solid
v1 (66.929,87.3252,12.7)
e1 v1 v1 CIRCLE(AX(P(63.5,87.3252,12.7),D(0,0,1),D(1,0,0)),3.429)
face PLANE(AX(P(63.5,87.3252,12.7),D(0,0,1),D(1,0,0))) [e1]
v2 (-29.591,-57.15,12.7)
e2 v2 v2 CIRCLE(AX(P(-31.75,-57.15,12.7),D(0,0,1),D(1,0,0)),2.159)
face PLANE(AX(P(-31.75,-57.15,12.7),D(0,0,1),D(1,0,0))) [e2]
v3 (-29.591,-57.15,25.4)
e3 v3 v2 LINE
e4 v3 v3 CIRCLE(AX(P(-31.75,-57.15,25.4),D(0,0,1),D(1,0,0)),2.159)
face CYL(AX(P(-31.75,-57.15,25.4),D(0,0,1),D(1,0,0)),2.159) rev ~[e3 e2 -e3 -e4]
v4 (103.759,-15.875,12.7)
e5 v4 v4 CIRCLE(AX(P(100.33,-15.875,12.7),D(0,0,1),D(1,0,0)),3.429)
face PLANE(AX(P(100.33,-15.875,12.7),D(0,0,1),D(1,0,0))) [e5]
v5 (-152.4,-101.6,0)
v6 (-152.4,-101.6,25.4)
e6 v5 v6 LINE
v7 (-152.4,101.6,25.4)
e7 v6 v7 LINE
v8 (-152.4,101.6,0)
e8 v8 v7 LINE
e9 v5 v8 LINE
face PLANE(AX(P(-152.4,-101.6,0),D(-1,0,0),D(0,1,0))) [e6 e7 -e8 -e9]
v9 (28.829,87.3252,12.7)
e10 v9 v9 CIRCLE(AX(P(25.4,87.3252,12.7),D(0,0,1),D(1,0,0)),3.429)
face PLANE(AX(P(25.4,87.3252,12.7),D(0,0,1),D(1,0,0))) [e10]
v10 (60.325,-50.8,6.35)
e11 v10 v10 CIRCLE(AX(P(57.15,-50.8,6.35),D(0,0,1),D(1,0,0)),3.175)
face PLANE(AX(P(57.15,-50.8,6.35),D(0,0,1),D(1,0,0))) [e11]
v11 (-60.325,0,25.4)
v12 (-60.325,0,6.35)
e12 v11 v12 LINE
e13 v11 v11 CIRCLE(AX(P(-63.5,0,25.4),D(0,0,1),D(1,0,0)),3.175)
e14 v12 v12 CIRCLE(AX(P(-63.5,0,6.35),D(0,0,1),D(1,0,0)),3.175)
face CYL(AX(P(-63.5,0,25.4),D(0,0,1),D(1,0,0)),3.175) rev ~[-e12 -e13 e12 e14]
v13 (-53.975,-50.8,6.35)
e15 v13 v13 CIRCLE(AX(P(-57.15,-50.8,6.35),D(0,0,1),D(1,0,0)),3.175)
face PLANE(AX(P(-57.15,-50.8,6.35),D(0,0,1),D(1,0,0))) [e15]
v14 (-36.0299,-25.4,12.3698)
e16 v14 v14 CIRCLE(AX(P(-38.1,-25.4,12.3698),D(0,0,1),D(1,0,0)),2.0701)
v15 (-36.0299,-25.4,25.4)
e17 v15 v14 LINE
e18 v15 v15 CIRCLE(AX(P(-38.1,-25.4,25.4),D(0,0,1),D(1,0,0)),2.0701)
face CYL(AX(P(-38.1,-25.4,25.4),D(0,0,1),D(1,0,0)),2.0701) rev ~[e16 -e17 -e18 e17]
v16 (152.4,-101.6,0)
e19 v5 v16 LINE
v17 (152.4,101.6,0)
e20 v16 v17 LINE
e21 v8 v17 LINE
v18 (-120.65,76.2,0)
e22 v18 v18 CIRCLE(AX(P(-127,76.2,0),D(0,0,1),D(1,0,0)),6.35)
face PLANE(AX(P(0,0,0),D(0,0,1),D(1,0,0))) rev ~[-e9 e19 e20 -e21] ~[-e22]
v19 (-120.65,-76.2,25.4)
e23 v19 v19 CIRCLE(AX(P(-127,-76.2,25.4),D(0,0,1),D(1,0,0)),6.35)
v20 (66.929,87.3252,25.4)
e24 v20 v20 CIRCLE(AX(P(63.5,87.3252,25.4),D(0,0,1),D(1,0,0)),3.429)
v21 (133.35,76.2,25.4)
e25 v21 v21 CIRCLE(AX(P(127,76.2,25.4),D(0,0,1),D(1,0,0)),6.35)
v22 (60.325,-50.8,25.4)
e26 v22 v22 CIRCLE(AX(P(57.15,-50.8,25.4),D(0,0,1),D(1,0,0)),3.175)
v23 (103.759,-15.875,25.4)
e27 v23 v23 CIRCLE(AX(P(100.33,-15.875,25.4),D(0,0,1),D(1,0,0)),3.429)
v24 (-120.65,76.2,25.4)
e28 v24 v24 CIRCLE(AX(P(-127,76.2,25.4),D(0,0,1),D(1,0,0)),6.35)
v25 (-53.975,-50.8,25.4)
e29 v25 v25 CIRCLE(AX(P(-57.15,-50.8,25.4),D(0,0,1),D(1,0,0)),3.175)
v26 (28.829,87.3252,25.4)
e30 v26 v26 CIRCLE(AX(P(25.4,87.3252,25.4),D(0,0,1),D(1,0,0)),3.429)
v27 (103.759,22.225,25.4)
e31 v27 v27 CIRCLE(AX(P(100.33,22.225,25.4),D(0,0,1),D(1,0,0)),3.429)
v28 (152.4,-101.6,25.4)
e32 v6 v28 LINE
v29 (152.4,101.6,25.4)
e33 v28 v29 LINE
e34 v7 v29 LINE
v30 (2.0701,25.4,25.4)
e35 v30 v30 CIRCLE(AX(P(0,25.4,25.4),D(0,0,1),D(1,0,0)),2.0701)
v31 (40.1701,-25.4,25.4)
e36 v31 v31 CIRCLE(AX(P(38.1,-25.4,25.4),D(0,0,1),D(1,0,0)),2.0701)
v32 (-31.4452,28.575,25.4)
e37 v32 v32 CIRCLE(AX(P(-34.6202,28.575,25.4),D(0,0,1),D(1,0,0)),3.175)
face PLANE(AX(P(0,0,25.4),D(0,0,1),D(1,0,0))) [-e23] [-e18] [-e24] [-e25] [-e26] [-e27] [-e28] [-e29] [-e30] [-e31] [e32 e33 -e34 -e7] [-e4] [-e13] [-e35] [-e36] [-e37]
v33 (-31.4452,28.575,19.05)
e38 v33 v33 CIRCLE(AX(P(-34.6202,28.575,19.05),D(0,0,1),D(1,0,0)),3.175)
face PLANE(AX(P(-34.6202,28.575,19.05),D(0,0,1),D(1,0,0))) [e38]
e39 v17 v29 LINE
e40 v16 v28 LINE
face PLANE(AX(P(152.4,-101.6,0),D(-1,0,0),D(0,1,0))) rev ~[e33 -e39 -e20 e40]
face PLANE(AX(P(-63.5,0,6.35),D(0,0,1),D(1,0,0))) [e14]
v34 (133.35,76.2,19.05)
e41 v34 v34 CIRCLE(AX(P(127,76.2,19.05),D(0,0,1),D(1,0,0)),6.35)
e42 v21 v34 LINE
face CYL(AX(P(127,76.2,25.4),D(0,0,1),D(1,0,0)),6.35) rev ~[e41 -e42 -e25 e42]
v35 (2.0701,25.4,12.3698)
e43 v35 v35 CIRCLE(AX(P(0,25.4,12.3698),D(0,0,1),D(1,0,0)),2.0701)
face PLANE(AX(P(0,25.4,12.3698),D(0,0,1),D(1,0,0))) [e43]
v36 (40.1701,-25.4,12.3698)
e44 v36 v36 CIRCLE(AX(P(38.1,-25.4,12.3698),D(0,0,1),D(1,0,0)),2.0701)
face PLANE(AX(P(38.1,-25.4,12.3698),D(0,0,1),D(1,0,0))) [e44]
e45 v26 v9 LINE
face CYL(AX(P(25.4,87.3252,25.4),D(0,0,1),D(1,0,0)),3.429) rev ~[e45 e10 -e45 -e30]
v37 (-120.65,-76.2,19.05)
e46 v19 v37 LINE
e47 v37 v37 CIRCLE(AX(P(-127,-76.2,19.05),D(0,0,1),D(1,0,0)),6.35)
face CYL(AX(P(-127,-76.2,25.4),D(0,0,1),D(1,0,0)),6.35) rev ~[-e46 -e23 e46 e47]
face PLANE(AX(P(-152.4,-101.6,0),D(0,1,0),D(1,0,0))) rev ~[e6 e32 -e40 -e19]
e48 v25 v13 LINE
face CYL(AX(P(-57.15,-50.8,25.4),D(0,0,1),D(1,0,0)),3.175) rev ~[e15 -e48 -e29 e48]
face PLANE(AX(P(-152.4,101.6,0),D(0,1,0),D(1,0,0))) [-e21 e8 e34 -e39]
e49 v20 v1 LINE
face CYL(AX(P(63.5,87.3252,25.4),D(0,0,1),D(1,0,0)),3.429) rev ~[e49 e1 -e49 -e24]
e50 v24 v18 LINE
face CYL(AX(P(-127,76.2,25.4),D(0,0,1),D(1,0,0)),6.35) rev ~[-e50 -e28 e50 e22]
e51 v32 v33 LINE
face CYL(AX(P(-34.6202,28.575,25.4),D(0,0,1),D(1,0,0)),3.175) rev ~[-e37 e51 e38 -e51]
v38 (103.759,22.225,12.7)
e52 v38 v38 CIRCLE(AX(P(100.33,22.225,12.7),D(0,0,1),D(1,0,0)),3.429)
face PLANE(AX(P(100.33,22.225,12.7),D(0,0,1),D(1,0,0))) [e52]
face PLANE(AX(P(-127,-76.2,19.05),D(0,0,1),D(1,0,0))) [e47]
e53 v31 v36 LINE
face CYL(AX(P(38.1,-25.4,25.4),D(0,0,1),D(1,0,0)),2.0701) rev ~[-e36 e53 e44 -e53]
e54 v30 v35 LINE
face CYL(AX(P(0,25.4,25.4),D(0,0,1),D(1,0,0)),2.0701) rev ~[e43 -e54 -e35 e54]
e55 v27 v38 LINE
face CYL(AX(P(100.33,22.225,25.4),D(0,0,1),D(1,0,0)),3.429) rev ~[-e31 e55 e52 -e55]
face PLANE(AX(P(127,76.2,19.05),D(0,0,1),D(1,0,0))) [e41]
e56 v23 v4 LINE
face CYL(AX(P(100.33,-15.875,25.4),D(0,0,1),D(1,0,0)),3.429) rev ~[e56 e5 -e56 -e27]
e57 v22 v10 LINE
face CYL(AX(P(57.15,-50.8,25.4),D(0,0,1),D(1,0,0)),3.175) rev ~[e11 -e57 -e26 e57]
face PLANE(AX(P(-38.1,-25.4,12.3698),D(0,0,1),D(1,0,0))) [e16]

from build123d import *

# Parameters (mm, degrees)
F0_W      = 304.8
F0_H      = 203.2
F1_DEPTH  = 25.4
F2_R      = 6.35
F3_DEPTH  = 6.35
F4_R      = 3.175
F5_DEPTH  = 19.05
F6_R      = 2.0701
F7_DEPTH  = 13.0302
F8_R      = 3.429
F9_DEPTH  = 12.7
F10_R     = 3.175
F11_DEPTH = 6.35
F12_R     = 3.429
F13_DEPTH = 12.7
F14_R     = 2.159
F15_DEPTH = 12.7
F16_R     = 6.35
F17_DEPTH = 25.4


with BuildPart() as f1:
    # F0 (on Top) → F1 (new body)
    with BuildSketch(Plane.XY):
        Rectangle(F0_W, F0_H)
    extrude(amount=F1_DEPTH)

    # F2 (on face) → F3 (cut)
    with BuildSketch(Plane.XY.offset(25.4)):
        with Locations((-127, -76.2)):
            Circle(F2_R)
        with Locations((127, 76.2)):
            Circle(F2_R)
    extrude(amount=-F3_DEPTH, mode=Mode.SUBTRACT)

    # F4 (on face) → F5 (cut)
    with BuildSketch(Plane.XY.offset(25.4)):
        with Locations((-57.15, -50.8)):
            Circle(F4_R)
        with Locations((57.15, -50.8)):
            Circle(F4_R)
        with Locations((-63.5, 0)):
            Circle(F4_R)
    extrude(amount=-F5_DEPTH, mode=Mode.SUBTRACT)

    # F6 (on face) → F7 (cut)
    with BuildSketch(Plane.XY.offset(25.4)):
        with Locations((0, 25.4)):
            Circle(F6_R)
        with Locations((-38.1, -25.4)):
            Circle(F6_R)
        with Locations((38.1, -25.4)):
            Circle(F6_R)
    extrude(amount=-F7_DEPTH, mode=Mode.SUBTRACT)

    # F8 (on face) → F9 (cut)
    with BuildSketch(Plane.XY.offset(25.4)):
        with Locations((25.4, 87.3252)):
            Circle(F8_R)
        with Locations((63.5, 87.3252)):
            Circle(F8_R)
    extrude(amount=-F9_DEPTH, mode=Mode.SUBTRACT)

    # F10 (on face) → F11 (cut)
    with BuildSketch(Plane.XY.offset(25.4)):
        with Locations((-34.6202, 28.575)):
            Circle(F10_R)
    extrude(amount=-F11_DEPTH, mode=Mode.SUBTRACT)

    # F12 (on face) → F13 (cut)
    with BuildSketch(Plane.XY.offset(25.4)):
        with Locations((100.33, 22.225)):
            Circle(F12_R)
        with Locations((100.33, -15.875)):
            Circle(F12_R)
    extrude(amount=-F13_DEPTH, mode=Mode.SUBTRACT)

    # F14 (on face) → F15 (cut)
    with BuildSketch(Plane.XY.offset(25.4)):
        with Locations((-31.75, -57.15)):
            Circle(F14_R)
    extrude(amount=-F15_DEPTH, mode=Mode.SUBTRACT)

    # F16 (on face) → F17 (cut)
    with BuildSketch(Plane.XY.offset(25.4)):
        with Locations((-127, 76.2)):
            Circle(F16_R)
    extrude(amount=-F17_DEPTH, mode=Mode.SUBTRACT)


solid = f1.part
